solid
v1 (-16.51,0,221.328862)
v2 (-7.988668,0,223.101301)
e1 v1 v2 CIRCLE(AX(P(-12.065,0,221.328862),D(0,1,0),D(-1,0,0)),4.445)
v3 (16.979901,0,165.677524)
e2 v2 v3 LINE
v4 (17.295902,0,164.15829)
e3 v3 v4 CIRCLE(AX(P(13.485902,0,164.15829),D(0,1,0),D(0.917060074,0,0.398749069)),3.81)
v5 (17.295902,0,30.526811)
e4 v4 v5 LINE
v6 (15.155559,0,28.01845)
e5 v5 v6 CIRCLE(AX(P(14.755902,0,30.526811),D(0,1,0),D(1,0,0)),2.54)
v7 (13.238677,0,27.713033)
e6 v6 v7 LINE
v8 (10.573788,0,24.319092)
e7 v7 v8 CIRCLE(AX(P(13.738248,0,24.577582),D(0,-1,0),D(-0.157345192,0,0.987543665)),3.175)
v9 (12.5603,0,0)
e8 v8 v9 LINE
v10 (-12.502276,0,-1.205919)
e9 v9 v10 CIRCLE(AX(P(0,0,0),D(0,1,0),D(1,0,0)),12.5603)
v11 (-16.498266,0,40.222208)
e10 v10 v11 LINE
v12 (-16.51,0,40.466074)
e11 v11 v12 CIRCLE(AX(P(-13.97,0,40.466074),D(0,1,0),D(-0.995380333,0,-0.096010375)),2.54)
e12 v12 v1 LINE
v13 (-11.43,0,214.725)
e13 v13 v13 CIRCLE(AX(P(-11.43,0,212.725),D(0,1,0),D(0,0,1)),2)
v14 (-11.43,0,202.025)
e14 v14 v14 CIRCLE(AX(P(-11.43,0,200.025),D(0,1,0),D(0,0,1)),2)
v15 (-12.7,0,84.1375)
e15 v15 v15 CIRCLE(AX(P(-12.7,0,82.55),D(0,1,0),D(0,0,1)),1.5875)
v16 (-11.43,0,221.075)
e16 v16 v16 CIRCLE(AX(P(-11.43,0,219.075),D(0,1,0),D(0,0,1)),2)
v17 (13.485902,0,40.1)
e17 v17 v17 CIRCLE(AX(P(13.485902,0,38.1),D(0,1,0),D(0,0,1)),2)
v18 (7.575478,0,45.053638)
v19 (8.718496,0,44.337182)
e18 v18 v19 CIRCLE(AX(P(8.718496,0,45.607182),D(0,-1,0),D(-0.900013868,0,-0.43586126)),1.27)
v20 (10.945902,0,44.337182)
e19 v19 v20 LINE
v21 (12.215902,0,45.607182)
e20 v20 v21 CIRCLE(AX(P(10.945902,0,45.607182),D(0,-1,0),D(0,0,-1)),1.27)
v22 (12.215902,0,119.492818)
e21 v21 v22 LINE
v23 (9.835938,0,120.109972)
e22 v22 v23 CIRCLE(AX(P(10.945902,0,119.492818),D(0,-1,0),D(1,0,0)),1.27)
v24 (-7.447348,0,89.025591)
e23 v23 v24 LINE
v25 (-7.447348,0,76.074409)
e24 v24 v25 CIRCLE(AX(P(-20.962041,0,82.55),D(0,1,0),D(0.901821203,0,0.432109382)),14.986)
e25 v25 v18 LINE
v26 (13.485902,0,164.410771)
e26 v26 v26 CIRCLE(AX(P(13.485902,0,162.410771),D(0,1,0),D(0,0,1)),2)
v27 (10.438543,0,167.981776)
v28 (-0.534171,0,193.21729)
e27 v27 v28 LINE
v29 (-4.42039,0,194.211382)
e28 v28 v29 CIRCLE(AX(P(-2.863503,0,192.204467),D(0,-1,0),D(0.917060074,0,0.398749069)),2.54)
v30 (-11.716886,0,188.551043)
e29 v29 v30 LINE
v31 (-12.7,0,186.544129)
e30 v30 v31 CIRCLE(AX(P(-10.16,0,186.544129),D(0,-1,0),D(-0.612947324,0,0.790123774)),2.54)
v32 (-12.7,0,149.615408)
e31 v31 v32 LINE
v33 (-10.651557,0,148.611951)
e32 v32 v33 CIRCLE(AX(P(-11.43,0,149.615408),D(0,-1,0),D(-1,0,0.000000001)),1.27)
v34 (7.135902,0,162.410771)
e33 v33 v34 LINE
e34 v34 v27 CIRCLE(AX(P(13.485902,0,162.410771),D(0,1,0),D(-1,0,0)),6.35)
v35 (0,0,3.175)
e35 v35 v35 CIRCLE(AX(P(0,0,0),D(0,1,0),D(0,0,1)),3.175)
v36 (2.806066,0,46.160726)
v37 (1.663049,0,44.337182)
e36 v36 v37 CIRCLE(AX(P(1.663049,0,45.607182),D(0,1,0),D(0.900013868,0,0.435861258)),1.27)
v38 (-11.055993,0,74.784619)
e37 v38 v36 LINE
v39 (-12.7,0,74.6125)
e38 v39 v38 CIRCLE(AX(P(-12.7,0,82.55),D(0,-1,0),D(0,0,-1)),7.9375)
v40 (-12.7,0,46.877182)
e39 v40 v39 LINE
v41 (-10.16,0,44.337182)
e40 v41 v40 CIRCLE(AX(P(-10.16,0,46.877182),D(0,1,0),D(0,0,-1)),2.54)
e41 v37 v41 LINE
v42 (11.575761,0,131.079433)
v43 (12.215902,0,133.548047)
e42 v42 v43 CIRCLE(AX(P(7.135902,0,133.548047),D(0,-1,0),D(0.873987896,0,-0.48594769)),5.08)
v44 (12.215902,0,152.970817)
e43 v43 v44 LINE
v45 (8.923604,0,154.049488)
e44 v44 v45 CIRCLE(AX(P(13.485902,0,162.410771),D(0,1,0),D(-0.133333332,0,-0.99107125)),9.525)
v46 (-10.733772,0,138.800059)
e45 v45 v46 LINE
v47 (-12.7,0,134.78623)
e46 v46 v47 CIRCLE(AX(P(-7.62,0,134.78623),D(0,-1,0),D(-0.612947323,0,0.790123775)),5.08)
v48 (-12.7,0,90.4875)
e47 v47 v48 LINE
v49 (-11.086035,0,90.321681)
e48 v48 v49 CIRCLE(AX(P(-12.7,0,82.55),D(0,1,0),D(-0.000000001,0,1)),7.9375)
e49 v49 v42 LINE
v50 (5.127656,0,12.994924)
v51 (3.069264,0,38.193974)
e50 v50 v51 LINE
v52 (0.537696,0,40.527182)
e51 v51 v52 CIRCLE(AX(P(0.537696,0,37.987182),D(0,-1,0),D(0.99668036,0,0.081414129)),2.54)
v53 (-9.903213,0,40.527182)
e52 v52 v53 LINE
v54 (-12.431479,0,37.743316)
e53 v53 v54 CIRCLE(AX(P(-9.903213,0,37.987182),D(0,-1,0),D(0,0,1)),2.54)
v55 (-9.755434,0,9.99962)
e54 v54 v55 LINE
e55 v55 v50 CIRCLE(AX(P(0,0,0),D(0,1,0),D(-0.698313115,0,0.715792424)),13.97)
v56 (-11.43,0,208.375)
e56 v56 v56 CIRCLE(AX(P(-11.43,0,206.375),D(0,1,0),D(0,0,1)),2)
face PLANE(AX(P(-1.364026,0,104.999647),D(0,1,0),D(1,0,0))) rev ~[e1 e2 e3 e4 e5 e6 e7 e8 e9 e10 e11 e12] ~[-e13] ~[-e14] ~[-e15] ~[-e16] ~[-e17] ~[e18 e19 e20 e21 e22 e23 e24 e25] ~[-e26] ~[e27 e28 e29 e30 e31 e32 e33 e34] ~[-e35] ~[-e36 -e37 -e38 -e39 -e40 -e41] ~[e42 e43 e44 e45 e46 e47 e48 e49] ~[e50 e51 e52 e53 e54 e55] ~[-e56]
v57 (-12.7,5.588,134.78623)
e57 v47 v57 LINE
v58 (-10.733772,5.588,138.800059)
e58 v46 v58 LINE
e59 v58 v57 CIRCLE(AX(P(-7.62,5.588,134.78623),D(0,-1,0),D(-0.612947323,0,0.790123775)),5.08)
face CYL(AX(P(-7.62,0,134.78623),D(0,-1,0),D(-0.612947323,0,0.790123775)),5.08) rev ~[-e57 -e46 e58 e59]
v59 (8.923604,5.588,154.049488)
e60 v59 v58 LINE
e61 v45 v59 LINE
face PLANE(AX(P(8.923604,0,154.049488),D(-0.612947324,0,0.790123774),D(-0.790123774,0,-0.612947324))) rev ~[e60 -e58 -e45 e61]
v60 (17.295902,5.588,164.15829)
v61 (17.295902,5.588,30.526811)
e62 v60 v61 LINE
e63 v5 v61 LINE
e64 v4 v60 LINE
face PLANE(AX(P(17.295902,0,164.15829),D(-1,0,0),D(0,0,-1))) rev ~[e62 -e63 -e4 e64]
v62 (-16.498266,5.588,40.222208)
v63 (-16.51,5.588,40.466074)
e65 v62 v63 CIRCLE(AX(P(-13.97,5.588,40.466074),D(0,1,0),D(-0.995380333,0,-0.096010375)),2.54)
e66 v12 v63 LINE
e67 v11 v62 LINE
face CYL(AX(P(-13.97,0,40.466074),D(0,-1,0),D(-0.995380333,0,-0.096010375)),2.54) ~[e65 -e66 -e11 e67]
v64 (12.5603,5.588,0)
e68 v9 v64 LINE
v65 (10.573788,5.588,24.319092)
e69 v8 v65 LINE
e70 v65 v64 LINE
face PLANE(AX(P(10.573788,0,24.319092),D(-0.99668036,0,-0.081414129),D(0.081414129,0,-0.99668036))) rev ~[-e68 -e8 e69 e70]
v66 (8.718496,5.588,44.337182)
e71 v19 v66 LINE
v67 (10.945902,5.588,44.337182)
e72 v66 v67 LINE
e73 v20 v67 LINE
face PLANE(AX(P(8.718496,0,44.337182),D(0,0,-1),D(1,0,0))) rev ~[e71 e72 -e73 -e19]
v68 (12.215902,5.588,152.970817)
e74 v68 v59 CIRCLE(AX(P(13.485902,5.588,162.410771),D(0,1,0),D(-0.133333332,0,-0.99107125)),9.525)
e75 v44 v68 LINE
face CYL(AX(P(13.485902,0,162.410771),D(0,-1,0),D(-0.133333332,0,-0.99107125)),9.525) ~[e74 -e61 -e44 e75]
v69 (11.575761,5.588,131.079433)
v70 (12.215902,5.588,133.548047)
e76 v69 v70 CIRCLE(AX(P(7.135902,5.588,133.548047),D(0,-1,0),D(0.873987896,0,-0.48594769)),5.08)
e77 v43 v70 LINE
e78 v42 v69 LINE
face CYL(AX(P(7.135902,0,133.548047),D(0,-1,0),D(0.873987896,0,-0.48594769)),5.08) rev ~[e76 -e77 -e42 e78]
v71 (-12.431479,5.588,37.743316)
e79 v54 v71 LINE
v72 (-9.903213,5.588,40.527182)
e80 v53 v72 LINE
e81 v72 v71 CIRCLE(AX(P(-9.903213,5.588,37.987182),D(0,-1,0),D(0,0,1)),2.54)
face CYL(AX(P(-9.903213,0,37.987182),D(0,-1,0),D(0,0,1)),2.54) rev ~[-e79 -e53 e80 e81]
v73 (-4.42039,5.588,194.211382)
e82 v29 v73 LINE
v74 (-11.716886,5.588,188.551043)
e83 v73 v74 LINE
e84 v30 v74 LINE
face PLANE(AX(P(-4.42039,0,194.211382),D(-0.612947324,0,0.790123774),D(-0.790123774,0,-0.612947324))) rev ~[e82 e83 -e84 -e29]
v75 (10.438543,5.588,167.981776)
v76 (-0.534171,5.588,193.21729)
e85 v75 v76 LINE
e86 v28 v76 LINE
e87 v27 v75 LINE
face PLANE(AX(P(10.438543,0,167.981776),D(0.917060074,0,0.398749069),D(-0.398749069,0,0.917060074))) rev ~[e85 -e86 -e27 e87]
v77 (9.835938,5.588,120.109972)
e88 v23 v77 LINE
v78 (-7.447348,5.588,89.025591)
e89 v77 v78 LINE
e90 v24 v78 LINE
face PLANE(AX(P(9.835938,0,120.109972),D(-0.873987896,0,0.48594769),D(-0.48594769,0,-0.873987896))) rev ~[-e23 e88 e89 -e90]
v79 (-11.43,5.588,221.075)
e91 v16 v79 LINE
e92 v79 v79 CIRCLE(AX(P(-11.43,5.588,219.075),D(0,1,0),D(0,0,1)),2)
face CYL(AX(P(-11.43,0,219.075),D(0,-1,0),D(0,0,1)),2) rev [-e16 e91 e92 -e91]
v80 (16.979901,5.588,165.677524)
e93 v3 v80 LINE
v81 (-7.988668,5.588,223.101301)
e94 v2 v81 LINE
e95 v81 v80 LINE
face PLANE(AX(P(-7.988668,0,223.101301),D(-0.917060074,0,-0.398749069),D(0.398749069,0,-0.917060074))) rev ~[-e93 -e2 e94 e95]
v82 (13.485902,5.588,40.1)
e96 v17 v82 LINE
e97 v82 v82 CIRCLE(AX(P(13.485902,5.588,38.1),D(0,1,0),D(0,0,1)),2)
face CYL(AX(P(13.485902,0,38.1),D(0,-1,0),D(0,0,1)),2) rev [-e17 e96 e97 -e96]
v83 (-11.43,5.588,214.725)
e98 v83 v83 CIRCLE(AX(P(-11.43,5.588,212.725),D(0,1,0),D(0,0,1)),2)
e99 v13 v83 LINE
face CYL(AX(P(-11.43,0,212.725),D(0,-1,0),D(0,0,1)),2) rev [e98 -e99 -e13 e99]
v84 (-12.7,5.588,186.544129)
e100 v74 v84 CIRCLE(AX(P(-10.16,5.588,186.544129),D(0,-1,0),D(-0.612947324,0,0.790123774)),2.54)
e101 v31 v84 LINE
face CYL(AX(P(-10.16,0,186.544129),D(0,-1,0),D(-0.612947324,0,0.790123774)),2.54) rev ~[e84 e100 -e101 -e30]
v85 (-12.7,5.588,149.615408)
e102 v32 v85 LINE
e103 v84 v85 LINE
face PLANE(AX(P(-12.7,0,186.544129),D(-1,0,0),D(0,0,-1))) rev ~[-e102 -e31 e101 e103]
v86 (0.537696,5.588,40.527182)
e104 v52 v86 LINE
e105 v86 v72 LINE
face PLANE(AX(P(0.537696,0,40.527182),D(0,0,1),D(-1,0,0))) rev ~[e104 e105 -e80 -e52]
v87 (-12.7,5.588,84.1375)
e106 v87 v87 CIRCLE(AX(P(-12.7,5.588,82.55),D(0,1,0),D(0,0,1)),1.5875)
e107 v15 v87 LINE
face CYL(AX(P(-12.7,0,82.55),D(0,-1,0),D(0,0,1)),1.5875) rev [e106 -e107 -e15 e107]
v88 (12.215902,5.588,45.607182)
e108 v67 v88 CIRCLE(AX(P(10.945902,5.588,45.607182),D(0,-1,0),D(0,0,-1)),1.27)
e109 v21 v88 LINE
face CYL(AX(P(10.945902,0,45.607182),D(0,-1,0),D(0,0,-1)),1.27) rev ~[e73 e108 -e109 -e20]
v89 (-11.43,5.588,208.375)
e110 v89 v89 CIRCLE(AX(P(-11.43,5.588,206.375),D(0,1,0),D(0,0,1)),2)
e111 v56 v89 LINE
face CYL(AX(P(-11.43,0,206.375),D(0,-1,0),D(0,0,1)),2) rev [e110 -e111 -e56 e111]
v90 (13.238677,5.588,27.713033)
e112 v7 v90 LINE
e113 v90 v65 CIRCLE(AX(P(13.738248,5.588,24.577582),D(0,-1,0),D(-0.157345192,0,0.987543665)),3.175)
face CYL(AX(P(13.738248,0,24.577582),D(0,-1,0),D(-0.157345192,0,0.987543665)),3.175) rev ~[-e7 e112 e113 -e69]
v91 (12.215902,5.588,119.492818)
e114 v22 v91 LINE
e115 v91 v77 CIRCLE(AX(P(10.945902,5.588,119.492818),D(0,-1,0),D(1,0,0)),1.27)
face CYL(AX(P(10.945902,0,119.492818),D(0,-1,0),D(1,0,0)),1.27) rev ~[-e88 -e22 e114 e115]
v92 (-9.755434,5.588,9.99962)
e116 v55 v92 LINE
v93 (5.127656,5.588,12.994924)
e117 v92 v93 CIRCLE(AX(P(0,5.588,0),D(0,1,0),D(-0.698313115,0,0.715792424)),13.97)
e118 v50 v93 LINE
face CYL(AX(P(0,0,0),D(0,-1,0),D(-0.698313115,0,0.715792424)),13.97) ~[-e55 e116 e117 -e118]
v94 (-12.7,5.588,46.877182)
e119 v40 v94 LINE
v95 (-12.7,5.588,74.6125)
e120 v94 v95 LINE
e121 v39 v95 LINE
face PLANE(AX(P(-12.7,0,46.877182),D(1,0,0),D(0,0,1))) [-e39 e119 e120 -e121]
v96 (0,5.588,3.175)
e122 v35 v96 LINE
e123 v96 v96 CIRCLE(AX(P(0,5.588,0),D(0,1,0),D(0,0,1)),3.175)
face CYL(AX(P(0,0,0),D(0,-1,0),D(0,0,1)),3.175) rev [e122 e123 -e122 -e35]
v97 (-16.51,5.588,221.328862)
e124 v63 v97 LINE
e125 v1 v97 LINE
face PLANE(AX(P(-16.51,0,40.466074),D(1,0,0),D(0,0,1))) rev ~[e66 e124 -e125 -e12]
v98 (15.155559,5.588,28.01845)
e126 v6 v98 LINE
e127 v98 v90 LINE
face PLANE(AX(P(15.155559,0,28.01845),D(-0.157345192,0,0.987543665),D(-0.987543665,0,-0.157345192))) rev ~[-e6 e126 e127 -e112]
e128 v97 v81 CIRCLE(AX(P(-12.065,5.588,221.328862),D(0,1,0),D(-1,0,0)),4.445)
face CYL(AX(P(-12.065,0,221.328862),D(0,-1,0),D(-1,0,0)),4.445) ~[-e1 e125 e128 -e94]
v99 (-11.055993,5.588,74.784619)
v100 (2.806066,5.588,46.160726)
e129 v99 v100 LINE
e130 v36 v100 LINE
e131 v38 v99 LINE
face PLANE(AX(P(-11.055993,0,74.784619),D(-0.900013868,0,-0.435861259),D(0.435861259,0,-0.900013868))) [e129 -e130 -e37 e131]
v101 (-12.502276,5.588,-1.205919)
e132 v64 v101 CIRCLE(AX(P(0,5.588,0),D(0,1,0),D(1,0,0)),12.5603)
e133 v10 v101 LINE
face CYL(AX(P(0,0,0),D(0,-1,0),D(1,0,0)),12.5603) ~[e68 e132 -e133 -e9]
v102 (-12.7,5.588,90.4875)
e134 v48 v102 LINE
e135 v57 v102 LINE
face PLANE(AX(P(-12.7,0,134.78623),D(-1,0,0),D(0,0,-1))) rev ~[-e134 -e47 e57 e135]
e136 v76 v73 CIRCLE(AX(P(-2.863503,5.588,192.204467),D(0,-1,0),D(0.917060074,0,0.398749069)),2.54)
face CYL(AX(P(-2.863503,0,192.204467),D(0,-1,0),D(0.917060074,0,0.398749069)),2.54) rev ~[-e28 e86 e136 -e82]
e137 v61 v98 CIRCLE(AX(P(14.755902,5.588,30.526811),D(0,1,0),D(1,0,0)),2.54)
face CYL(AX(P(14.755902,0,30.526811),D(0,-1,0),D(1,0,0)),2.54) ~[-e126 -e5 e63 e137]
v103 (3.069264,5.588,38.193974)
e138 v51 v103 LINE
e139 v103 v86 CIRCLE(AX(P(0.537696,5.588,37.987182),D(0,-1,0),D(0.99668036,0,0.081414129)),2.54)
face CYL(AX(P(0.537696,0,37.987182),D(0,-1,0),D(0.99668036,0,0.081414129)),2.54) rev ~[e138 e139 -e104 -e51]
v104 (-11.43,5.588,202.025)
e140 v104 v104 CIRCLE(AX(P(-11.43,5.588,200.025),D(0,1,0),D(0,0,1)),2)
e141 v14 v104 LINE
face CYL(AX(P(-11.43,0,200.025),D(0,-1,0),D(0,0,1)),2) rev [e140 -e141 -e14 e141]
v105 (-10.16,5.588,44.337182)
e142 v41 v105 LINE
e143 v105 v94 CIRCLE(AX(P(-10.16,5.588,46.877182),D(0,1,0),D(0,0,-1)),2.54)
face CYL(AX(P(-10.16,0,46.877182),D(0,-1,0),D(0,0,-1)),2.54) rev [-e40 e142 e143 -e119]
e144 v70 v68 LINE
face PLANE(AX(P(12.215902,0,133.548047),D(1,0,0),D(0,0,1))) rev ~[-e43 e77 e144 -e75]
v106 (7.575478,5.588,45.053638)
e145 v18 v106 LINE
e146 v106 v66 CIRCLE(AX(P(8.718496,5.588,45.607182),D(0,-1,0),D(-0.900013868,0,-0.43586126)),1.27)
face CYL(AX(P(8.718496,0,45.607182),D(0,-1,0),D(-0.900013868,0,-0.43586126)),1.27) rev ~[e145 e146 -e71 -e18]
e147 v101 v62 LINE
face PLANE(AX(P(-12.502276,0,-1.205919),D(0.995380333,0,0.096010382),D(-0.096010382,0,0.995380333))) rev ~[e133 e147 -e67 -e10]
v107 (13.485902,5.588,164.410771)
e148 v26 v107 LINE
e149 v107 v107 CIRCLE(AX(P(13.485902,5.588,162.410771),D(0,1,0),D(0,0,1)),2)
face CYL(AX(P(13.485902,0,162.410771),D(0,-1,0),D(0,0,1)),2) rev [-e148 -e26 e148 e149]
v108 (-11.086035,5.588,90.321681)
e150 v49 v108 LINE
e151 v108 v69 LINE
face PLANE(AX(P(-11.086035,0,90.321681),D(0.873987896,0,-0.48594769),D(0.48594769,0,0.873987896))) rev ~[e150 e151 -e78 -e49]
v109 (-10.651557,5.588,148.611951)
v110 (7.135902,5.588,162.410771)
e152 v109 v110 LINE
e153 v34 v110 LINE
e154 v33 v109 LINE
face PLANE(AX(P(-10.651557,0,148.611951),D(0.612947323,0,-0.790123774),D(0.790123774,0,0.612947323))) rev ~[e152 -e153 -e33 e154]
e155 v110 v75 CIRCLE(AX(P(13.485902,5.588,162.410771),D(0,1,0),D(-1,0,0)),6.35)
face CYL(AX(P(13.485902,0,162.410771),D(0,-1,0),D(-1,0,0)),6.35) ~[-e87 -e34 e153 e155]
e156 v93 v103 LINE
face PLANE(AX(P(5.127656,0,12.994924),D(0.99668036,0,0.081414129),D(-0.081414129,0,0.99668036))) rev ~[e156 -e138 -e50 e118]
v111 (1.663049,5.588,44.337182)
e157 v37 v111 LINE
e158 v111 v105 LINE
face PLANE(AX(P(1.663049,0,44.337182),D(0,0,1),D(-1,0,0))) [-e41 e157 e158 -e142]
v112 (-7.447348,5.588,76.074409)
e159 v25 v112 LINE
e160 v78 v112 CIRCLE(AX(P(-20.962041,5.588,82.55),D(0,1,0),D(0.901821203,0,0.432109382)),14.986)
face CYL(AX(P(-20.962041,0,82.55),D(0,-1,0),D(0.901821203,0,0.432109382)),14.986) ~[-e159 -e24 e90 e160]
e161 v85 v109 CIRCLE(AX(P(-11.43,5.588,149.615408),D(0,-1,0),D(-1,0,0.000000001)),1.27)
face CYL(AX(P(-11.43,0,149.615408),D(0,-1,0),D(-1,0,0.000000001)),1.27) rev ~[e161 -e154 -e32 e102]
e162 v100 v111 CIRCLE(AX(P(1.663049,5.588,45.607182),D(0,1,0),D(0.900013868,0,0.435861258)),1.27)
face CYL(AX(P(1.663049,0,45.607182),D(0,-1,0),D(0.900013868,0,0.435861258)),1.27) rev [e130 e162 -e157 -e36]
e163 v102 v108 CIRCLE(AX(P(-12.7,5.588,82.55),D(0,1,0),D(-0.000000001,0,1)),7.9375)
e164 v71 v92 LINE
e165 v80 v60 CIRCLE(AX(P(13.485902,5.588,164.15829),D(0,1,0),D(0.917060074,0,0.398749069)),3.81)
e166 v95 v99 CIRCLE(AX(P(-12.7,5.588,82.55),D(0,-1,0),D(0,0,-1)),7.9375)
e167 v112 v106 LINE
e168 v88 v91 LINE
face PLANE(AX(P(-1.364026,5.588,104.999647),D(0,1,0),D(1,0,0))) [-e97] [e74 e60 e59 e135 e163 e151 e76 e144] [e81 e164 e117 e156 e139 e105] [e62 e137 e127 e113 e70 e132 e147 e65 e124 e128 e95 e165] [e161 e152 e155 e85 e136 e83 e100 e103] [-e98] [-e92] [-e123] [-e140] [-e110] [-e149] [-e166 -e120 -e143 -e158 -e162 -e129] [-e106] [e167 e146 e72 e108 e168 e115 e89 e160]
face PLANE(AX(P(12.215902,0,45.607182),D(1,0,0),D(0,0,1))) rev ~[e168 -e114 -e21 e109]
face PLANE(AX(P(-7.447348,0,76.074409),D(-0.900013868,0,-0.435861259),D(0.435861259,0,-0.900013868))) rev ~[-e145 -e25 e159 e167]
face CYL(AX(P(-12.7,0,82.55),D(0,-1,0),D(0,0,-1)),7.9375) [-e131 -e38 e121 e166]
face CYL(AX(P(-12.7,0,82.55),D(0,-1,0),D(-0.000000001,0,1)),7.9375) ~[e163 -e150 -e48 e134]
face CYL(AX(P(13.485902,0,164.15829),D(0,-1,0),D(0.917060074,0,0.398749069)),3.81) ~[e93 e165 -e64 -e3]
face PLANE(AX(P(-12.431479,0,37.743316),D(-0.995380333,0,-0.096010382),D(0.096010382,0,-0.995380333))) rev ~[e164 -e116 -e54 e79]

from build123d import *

# Parameters (mm, degrees)
SKETCH2_R           = 3.175
SKETCH2_R_2         = 2
SKETCH2_R_3         = 1.5875
SKETCH2_R_4         = 1.999999991
BOSS_EXTRUDE1_DEPTH = 5.588


with BuildPart() as part:
    # Sketch2 → Boss-Extrude1 (new body)
    with BuildSketch(Plane(origin=(0, 0, 0), x_dir=(1, 0, 0), z_dir=(0, 1, 0))):
        with BuildLine():
            Line((15.15555913, -28.018449791), (13.238676936, -27.713033224))
            ThreePointArc((13.238676936, -27.713033224), (11.241051513, -26.538356195), (10.573787778, -24.319092227))
            Line((10.573787778, -24.319092227), (12.5603, 0))
            ThreePointArc((12.5603, 0), (0.603657177, 12.545785512), (-12.502275592, 1.2059192))
            Line((-12.502275592, 1.2059192), (-16.498266045, -40.222207921))
            ThreePointArc((-16.498266045, -40.222207921), (-16.507064815, -40.344000039), (-16.51, -40.466074291))
            Line((-16.51, -40.466074291), (-16.51, -221.328861788))
            ThreePointArc((-16.51, -221.328861788), (-12.970187584, -225.680718913), (-7.988667969, -223.101301399))
            Line((-7.988667969, -223.101301399), (16.979901226, -165.677523619))
            ThreePointArc((16.979901226, -165.677523619), (17.216065593, -164.934164738), (17.295902343, -164.158289667))
            Line((17.295902343, -164.158289667), (17.295902343, -30.526810701))
            ThreePointArc((17.295902343, -30.526810701), (16.688093876, -28.878103365), (15.15555913, -28.018449791))
        make_face()
        with Locations(Location((0, 0, 0), (0, 0, 270))):
            Circle(SKETCH2_R, mode=Mode.SUBTRACT)
        with Locations(Location((-11.43, -219.075, 0), (0, 0, 270))):
            Circle(SKETCH2_R_2, mode=Mode.SUBTRACT)
        with Locations(Location((-11.43, -212.725, 0), (0, 0, 270))):
            Circle(SKETCH2_R_2, mode=Mode.SUBTRACT)
        with Locations(Location((-11.43, -206.375, 0), (0, 0, 270))):
            Circle(SKETCH2_R_2, mode=Mode.SUBTRACT)
        with Locations(Location((-11.43, -200.025, 0), (0, 0, 270))):
            Circle(SKETCH2_R_2, mode=Mode.SUBTRACT)
        with Locations(Location((-12.7, -82.55, 0), (0, 0, 270))):
            Circle(SKETCH2_R_3, mode=Mode.SUBTRACT)
        with Locations(Location((13.485902343, -38.1, 0), (0, 0, 270))):
            Circle(SKETCH2_R_4, mode=Mode.SUBTRACT)
        with Locations(Location((13.485902343, -162.410770806, 0), (0, 0, 270))):
            Circle(SKETCH2_R_2, mode=Mode.SUBTRACT)
        with BuildLine():
            Line((10.438542905, -167.981776143), (-0.534170778, -193.217289931))
            ThreePointArc((-0.534170778, -193.217289931), (-2.234040931, -194.665234867), (-4.420389569, -194.211381682))
            Line((-4.420389569, -194.211381682), (-11.716886202, -188.551043102))
            ThreePointArc((-11.716886202, -188.551043102), (-12.441018517, -187.661516081), (-12.7, -186.544128716))
            Line((-12.7, -186.544128716), (-12.7, -149.615408258))
            ThreePointArc((-12.7, -149.615408258), (-11.988693683, -148.474898999), (-10.651556899, -148.611951065))
            Line((-10.651556899, -148.611951065), (7.135902343, -162.410770806))
            ThreePointArc((7.135902343, -162.410770806), (8.023611961, -165.648962244), (10.438542905, -167.981776143))
        make_face(mode=Mode.SUBTRACT)
        with BuildLine():
            Line((-7.44734835, -76.074408803), (7.575478058, -45.053638233))
            ThreePointArc((7.575478058, -45.053638233), (8.043996088, -44.531101035), (8.718495671, -44.337182032))
            Line((8.718495671, -44.337182032), (10.945902343, -44.337182032))
            ThreePointArc((10.945902343, -44.337182032), (11.843927955, -44.70915642), (12.215902343, -45.607182032))
            Line((12.215902343, -45.607182032), (12.215902343, -119.492817968))
            ThreePointArc((12.215902343, -119.492817968), (11.264685124, -120.722158254), (9.835937715, -120.109971535))
            Line((9.835937715, -120.109971535), (-7.44734835, -89.025591197))
            ThreePointArc((-7.44734835, -89.025591197), (-5.976040897, -82.55), (-7.44734835, -76.074408803))
        make_face(mode=Mode.SUBTRACT)
        with BuildLine():
            Line((-12.431479451, -37.743315662), (-9.755434212, -9.99962016))
            ThreePointArc((-9.755434212, -9.99962016), (-2.756273581, -13.695395429), (5.127655889, -12.99492382))
            Line((5.127655889, -12.99492382), (3.069264048, -38.19397392))
            ThreePointArc((3.069264048, -38.19397392), (2.259083254, -39.854914801), (0.537695935, -40.527182032))
            Line((0.537695935, -40.527182032), (-9.903213406, -40.527182032))
            ThreePointArc((-9.903213406, -40.527182032), (-11.783508673, -39.694838236), (-12.431479451, -37.743315662))
        make_face(mode=Mode.SUBTRACT)
        with BuildLine():
            Line((1.663048834, -44.337182032), (-10.16, -44.337182032))
            ThreePointArc((-10.16, -44.337182032), (-11.956051224, -45.081130808), (-12.7, -46.877182032))
            Line((-12.7, -46.877182032), (-12.7, -74.6125))
            ThreePointArc((-12.7, -74.6125), (-11.873503915, -74.655646925), (-11.055993219, -74.784618621))
            Line((-11.055993219, -74.784618621), (2.806066447, -46.160725831))
            ThreePointArc((2.806066447, -46.160725831), (2.739129831, -44.932682449), (1.663048834, -44.337182032))
        make_face(mode=Mode.SUBTRACT)
        with BuildLine():
            Line((8.923603828, -154.049487576), (-10.733772403, -138.80005889))
            ThreePointArc((-10.733772403, -138.80005889), (-12.182037035, -137.021004847), (-12.7, -134.786230117))
            Line((-12.7, -134.786230117), (-12.7, -90.4875))
            ThreePointArc((-12.7, -90.4875), (-11.888769677, -90.445936399), (-11.086035141, -90.321680879))
            Line((-11.086035141, -90.321680879), (11.575760855, -131.079432803))
            ThreePointArc((11.575760855, -131.079432803), (12.053263487, -132.272915946), (12.215902343, -133.548047069))
            Line((12.215902343, -133.548047069), (12.215902343, -152.970817152))
            ThreePointArc((12.215902343, -152.970817152), (10.520298026, -153.359206519), (8.923603828, -154.049487576))
        make_face(mode=Mode.SUBTRACT)
    extrude(amount=BOSS_EXTRUDE1_DEPTH)


solid = part.part
